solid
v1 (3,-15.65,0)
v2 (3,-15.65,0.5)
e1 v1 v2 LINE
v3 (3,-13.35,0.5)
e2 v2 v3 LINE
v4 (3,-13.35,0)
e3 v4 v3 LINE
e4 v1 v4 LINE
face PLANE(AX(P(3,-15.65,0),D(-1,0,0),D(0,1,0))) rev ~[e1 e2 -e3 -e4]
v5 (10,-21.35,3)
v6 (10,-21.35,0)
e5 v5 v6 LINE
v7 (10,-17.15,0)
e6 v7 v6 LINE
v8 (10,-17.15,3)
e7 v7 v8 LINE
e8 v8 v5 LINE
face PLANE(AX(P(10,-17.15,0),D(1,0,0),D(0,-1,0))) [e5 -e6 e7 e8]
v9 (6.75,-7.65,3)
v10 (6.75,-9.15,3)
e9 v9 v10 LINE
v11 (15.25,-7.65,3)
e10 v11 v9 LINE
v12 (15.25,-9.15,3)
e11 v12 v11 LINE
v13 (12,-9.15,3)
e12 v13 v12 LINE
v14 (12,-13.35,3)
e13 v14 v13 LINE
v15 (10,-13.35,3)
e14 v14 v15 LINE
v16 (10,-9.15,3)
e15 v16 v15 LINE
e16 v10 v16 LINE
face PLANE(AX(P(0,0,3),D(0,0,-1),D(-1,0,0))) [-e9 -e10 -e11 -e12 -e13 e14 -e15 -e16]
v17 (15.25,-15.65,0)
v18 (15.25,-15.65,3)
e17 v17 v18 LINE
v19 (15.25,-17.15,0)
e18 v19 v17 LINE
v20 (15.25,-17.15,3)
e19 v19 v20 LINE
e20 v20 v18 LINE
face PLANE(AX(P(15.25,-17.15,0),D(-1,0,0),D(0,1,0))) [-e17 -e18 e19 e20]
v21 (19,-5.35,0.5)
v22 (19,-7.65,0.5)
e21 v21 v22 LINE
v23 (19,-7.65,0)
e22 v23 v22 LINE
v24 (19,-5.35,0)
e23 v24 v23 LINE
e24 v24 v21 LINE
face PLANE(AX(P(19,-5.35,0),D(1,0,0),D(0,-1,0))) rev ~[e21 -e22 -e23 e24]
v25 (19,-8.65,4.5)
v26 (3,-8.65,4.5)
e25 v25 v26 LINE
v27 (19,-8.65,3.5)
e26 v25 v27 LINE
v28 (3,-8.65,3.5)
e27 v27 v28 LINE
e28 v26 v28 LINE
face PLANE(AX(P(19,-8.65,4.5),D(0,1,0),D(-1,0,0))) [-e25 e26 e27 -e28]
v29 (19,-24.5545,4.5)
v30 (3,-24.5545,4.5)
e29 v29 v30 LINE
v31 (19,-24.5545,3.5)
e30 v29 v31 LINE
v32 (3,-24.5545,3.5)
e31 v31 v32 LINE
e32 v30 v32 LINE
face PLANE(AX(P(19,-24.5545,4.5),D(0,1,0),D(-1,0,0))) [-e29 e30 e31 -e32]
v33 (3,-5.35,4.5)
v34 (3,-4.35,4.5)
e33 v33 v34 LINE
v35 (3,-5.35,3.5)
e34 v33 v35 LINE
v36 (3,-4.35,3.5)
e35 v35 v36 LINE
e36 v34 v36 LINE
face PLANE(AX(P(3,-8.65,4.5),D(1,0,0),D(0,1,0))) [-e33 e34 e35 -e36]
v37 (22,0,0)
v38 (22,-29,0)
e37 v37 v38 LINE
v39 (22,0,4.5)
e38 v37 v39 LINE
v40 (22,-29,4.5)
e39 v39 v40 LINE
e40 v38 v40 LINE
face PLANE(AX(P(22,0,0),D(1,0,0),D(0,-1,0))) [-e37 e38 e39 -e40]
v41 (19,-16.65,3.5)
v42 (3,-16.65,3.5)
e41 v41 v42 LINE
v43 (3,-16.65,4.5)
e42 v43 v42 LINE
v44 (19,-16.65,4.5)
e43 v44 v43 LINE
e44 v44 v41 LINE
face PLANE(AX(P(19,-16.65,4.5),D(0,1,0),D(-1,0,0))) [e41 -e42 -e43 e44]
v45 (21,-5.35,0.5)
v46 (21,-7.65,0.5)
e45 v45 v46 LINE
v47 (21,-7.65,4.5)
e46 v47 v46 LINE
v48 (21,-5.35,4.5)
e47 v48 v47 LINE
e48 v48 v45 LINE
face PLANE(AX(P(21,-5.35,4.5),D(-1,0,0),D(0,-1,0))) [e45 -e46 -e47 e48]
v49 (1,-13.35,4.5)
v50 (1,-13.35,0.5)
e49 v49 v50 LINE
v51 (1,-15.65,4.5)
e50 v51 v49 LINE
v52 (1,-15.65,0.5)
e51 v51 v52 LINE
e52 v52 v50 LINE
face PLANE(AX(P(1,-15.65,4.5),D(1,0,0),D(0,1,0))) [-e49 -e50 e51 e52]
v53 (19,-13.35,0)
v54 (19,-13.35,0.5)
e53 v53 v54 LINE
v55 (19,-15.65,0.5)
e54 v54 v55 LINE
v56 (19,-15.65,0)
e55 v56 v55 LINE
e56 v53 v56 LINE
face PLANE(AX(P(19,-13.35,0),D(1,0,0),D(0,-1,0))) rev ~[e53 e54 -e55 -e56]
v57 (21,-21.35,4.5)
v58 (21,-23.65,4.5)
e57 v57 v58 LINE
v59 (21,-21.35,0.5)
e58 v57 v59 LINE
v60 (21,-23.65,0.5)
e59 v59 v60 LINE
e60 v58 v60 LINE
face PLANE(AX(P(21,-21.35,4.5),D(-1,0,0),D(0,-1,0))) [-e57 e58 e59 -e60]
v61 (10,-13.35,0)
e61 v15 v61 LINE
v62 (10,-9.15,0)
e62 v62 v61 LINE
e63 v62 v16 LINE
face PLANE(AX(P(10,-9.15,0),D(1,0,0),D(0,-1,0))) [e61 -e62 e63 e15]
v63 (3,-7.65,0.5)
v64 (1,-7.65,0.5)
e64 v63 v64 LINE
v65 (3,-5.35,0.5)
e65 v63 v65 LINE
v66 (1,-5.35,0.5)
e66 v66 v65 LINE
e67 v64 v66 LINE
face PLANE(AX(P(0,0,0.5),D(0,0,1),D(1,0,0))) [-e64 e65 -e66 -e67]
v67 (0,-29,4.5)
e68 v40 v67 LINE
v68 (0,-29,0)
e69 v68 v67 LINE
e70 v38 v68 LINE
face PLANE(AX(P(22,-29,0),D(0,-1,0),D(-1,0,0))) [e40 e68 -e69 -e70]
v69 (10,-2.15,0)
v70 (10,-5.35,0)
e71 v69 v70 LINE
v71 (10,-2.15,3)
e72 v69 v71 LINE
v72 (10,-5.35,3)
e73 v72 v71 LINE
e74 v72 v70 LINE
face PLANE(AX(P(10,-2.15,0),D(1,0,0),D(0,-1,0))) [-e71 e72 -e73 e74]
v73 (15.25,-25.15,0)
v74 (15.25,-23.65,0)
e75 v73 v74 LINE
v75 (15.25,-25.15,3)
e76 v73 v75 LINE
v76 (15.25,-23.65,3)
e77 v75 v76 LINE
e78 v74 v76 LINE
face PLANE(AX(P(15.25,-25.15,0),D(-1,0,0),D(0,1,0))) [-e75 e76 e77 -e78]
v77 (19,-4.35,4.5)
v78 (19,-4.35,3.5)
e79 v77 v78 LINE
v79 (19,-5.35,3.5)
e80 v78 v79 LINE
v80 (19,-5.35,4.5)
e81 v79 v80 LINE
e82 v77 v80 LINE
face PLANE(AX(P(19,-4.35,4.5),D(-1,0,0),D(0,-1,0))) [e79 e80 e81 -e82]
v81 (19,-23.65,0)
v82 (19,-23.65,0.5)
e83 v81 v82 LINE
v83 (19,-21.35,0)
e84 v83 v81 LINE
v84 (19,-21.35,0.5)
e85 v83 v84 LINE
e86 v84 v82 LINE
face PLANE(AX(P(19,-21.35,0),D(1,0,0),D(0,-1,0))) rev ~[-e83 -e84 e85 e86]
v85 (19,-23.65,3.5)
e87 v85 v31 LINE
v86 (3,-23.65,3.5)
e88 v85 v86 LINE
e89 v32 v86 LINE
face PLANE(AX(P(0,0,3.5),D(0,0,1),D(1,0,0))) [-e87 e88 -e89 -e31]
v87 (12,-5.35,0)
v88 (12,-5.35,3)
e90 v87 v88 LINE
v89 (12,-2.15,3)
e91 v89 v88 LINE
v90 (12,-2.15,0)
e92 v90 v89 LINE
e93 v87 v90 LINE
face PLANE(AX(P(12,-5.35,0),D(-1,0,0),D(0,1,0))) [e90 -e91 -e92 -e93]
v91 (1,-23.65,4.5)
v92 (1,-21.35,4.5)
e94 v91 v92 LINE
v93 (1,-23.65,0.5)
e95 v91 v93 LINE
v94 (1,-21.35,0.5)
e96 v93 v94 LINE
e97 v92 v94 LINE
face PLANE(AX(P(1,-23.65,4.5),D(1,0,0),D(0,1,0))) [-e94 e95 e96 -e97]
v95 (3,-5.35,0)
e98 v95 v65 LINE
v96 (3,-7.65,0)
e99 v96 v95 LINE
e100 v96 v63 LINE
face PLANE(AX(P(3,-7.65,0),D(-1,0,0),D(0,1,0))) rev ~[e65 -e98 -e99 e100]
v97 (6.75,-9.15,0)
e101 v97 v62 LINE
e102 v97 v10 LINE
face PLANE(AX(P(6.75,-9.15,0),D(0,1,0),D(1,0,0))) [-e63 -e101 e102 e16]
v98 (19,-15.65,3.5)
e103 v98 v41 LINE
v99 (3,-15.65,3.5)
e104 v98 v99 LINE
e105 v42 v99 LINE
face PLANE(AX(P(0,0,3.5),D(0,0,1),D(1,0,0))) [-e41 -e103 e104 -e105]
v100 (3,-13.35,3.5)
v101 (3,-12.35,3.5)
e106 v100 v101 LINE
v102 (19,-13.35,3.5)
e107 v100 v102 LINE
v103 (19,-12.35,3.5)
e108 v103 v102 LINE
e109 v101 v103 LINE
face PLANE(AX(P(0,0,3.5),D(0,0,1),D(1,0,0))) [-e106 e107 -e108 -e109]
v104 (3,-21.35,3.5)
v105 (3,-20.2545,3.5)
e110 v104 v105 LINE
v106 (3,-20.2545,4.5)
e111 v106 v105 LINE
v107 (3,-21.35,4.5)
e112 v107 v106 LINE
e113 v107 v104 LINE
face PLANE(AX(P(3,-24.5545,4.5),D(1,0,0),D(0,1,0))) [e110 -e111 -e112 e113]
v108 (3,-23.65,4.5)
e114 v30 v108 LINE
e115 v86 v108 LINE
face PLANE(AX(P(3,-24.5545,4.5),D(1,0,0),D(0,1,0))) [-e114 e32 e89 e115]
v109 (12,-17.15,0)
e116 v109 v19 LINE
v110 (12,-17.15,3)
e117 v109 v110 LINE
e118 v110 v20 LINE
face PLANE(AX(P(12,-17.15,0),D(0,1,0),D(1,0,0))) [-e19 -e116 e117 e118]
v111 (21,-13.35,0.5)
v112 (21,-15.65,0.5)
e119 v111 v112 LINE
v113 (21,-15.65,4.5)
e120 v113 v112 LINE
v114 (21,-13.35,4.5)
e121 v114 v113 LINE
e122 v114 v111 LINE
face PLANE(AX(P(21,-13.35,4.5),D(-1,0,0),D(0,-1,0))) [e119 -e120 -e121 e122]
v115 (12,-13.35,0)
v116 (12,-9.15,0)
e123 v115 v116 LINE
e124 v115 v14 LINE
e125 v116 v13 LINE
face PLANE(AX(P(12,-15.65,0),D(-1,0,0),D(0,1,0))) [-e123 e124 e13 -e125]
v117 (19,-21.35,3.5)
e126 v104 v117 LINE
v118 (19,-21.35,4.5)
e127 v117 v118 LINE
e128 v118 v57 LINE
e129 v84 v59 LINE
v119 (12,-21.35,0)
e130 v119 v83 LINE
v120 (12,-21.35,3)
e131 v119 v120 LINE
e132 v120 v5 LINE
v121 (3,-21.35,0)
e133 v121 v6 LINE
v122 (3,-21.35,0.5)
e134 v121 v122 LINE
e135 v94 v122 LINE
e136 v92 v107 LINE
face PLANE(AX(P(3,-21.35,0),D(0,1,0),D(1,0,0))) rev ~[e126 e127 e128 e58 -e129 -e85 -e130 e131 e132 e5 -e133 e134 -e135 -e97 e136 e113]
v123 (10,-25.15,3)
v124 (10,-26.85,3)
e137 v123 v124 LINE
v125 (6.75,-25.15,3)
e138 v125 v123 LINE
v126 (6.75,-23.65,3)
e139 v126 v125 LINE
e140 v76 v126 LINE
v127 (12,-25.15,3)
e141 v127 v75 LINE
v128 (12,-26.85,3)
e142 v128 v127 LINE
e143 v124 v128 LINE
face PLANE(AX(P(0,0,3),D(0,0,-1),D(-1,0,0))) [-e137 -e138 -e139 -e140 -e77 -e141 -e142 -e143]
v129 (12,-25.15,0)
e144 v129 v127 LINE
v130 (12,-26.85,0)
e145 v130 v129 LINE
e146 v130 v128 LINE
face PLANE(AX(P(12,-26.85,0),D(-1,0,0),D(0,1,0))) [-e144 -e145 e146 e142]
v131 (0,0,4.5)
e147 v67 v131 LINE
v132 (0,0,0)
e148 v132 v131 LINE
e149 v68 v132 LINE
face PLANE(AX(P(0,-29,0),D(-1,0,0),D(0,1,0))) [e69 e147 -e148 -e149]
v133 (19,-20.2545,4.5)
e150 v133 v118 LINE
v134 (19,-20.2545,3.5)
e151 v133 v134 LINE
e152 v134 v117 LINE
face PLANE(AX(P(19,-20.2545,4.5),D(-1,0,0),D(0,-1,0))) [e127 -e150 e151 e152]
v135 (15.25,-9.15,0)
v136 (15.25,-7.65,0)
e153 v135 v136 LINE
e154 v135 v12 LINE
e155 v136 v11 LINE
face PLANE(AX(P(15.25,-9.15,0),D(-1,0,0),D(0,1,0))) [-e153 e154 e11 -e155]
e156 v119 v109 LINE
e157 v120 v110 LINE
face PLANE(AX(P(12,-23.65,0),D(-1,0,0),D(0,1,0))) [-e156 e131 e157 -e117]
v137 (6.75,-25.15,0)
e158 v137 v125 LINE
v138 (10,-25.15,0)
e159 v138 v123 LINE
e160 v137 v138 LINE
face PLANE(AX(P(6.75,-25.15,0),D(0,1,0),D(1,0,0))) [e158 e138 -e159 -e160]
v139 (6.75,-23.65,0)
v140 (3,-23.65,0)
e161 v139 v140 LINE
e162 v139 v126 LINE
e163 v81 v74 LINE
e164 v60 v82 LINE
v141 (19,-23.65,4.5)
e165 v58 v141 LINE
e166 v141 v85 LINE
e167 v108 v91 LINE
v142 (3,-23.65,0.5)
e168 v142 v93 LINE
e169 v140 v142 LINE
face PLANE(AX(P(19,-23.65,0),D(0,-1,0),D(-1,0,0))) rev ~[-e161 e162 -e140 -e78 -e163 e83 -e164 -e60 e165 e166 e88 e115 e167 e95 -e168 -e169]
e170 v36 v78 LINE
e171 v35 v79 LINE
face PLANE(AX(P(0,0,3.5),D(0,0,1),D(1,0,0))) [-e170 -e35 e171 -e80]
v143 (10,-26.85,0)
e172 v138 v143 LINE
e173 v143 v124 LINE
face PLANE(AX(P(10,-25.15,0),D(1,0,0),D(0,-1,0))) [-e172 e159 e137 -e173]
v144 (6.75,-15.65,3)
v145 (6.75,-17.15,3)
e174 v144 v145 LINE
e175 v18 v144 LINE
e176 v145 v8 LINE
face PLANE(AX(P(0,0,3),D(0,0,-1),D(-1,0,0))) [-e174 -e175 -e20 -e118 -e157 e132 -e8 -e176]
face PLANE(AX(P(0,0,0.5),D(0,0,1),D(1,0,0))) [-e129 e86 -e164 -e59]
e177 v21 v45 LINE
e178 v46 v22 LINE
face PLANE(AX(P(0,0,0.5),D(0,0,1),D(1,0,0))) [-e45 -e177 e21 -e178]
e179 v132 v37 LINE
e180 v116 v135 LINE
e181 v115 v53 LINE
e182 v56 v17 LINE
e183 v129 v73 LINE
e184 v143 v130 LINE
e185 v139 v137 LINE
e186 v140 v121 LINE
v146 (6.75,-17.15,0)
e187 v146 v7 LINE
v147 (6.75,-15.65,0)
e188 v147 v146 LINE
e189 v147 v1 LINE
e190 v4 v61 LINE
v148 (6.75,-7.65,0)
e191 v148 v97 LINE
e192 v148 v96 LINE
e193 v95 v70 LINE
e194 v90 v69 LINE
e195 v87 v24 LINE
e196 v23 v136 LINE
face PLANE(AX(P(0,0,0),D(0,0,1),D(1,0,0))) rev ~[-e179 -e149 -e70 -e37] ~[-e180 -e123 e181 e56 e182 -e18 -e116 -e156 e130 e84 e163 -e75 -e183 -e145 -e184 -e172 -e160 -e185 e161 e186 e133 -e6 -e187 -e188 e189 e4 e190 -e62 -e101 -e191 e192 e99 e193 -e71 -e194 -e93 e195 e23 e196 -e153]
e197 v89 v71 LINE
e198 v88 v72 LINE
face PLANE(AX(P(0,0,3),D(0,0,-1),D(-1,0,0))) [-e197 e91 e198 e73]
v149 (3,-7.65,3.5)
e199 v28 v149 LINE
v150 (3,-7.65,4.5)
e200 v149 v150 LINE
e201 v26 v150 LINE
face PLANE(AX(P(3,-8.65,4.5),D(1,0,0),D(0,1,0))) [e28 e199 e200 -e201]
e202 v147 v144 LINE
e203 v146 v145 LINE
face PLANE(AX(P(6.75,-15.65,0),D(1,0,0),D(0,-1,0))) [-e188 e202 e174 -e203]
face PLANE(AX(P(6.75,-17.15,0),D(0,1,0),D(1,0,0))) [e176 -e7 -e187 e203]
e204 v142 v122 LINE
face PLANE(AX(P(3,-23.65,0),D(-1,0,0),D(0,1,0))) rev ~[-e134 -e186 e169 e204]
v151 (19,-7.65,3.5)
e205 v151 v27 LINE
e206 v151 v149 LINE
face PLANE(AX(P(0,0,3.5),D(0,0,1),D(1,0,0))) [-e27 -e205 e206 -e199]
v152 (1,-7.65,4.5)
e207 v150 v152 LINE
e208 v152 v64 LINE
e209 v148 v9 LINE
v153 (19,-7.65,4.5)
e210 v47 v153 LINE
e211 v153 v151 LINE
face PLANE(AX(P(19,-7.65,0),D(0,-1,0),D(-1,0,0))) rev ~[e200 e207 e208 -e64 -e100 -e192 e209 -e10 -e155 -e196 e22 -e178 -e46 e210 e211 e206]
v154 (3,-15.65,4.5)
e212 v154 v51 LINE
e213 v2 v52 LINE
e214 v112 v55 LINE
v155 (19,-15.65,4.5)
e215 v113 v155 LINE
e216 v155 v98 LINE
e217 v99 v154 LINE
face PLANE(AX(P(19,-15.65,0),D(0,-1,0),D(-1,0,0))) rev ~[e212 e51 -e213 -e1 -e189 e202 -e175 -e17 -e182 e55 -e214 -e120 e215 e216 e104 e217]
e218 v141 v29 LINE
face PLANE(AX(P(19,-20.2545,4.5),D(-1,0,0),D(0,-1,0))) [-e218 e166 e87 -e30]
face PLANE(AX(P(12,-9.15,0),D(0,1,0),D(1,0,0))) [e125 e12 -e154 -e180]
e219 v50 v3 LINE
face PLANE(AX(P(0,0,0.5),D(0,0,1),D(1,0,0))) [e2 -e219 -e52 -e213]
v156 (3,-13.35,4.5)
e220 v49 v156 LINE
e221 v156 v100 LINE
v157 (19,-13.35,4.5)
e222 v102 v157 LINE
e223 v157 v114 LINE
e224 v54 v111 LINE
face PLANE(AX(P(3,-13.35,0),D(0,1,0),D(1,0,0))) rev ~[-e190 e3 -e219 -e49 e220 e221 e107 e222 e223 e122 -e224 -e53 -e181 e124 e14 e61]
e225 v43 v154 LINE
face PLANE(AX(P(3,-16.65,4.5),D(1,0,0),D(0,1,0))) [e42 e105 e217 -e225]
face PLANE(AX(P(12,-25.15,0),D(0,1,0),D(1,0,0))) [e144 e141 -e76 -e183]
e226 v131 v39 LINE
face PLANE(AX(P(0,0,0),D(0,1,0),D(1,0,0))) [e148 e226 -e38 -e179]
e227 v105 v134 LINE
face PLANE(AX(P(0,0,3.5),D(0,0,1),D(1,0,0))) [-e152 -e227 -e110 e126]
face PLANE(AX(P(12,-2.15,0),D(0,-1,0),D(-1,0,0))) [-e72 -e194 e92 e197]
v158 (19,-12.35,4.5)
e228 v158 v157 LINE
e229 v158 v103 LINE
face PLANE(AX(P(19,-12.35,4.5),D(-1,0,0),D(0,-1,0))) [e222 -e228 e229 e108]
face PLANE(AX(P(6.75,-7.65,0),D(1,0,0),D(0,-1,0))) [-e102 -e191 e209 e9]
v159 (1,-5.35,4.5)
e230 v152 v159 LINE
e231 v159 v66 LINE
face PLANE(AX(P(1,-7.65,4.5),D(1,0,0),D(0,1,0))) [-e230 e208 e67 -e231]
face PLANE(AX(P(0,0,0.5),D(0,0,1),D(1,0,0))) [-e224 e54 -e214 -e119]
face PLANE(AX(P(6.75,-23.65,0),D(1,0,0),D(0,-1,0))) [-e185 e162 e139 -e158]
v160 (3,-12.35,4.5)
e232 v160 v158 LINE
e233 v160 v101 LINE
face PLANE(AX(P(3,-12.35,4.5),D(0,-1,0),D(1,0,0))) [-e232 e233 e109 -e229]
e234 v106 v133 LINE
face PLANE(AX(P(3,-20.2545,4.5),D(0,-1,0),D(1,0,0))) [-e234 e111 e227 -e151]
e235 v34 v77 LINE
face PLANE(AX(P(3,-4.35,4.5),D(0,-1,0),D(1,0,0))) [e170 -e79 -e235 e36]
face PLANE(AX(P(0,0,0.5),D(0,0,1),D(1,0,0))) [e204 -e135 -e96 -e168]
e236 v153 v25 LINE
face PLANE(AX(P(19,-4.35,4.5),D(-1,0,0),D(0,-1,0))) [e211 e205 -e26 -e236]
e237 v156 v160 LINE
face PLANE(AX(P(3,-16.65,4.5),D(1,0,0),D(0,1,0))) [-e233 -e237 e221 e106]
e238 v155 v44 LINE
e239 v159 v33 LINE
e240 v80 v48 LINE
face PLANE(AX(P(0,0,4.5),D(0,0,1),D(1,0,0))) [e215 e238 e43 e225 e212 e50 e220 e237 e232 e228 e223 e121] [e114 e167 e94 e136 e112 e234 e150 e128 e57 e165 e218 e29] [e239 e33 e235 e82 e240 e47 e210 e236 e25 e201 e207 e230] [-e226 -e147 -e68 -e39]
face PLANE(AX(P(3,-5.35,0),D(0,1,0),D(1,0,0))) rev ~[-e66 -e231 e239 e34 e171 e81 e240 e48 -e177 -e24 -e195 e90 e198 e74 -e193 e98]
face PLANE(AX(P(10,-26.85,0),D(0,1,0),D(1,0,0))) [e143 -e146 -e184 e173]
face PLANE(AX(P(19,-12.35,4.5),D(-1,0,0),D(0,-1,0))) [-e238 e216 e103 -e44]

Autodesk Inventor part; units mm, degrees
ref_plane "YZ Plane" through (0, 0, 0) normal (1, 0, 0) x (0, 1, 0)
ref_plane "XZ Plane" through (0, 0, 0) normal (0, 1, 0) x (-1, 0, 0)
ref_plane "XY Plane" through (0, 0, 0) normal (0, 0, 1) x (1, 0, 0)
sketch "Sketch1" plane through (0, 0, 0) normal (0, 0, 1) x (1, 0, 0)
  line L0 (0, 0) -> (22, 0)
  line L1 (22, 0) -> (22, -29)
  line L2 (22, -29) -> (0, -29)
  line L3 (0, -29) -> (0, 0)
  line L4 (3, -5.35) -> (19, -5.35)
  line L5 (19, -5.35) -> (19, -7.65)
  line L6 (19, -7.65) -> (3, -7.65)
  line L7 (3, -7.65) -> (3, -5.35)
  line L8 (3, -13.35) -> (19, -13.35)
  line L9 (19, -13.35) -> (19, -15.65)
  line L10 (19, -15.65) -> (3, -15.65)
  line L11 (3, -15.65) -> (3, -13.35)
  line L12 (3, -21.35) -> (19, -21.35)
  line L13 (19, -21.35) -> (19, -23.65)
  line L14 (19, -23.65) -> (3, -23.65)
  line L15 (3, -23.65) -> (3, -21.35)
  line L16 (19, -5.35) -> (19, -13.35) construction
  line L17 (19, -13.35) -> (19, -21.35) construction
  line L18 (22, -14.5) -> (0, -14.5) construction
  line L19 (11, 0) -> (11, -29) construction
  point P0 (19, -14.5)
  point P1 (11, -5.35)
  dimension "d0" = 22
  dimension "d1" = 29
  dimension "d2" = 2.3
  dimension "d3" = 8
  dimension "d4" = 16
extrude "Body with light pipe slots" add sketch "Sketch1" along normal blind 4.5
sketch "Sketch2" plane through (0, 0, 4.5) normal (0, 0, 1) x (1, 0, 0)
  line L0 (0, -29) -> (22, -29) construction
  line L1 (22, -29) -> (22, 0) construction
  line L2 (22, 0) -> (0, 0) construction
  line L3 (0, 0) -> (0, -29) construction
  line L4 (3, -21.35) -> (19, -21.35) construction
  line L5 (19, -21.35) -> (19, -23.65) construction
  line L6 (19, -23.65) -> (3, -23.65) construction
  line L7 (3, -23.65) -> (3, -21.35) construction
  line L8 (3, -13.35) -> (19, -13.35) construction
  line L9 (19, -13.35) -> (19, -15.65) construction
  line L10 (19, -15.65) -> (3, -15.65) construction
  line L11 (3, -15.65) -> (3, -13.35) construction
  line L12 (3, -5.35) -> (19, -5.35) construction
  line L13 (19, -5.35) -> (19, -7.65) construction
  line L14 (19, -7.65) -> (3, -7.65) construction
  line L15 (3, -7.65) -> (3, -5.35) construction
  line L16 (1, -5.35) -> (21, -5.35)
  line L17 (21, -5.35) -> (21, -7.65)
  line L18 (21, -7.65) -> (1, -7.65)
  line L19 (1, -7.65) -> (1, -5.35)
  line L20 (1, -13.35) -> (21, -13.35)
  line L21 (21, -13.35) -> (21, -15.65)
  line L22 (21, -15.65) -> (1, -15.65)
  line L23 (1, -15.65) -> (1, -13.35)
  line L24 (1, -21.35) -> (21, -21.35)
  line L25 (21, -21.35) -> (21, -23.65)
  line L26 (21, -23.65) -> (1, -23.65)
  line L27 (1, -23.65) -> (1, -21.35)
  dimension "d7" = 2
  dimension "d8" = 2
extrude "Light pipe wing cuts" cut sketch "Sketch2" against normal blind 4
sketch "Sketch3" plane through (0, 0, 4.5) normal (0, 0, 1) x (1, 0, 0)
  line L0 (1, -21.35) -> (21, -21.35) construction
  line L1 (21, -21.35) -> (21, -23.65) construction
  line L2 (21, -23.65) -> (1, -23.65) construction
  line L3 (1, -23.65) -> (1, -21.35) construction
  line L4 (1, -13.35) -> (21, -13.35) construction
  line L5 (21, -13.35) -> (21, -15.65) construction
  line L6 (21, -15.65) -> (1, -15.65) construction
  line L7 (1, -15.65) -> (1, -13.35) construction
  line L8 (1, -5.35) -> (21, -5.35) construction
  line L9 (21, -5.35) -> (21, -7.65) construction
  line L10 (21, -7.65) -> (1, -7.65) construction
  line L11 (1, -7.65) -> (1, -5.35) construction
  line L12 (0, -29) -> (22, -29) construction
  line L13 (22, -29) -> (22, 0) construction
  line L14 (22, 0) -> (0, 0) construction
  line L15 (0, 0) -> (0, -29) construction
  line L16 (3, -5.35) -> (3, -7.65) construction
  line L17 (19, -7.65) -> (19, -5.35) construction
  line L18 (19, -15.65) -> (19, -13.35) construction
  line L19 (19, -23.65) -> (19, -21.35) construction
  line L20 (3, -21.35) -> (3, -23.65) construction
  line L21 (3, -13.35) -> (3, -15.65) construction
  line L22 (3, -4.35) -> (19, -4.35)
  line L23 (19, -4.35) -> (19, -8.65)
  line L24 (19, -8.65) -> (3, -8.65)
  line L25 (3, -8.65) -> (3, -4.35)
  line L26 (3, -12.35) -> (19, -12.35)
  line L27 (19, -12.35) -> (19, -16.65)
  line L28 (19, -16.65) -> (3, -16.65)
  line L29 (3, -16.65) -> (3, -12.35)
  line L30 (3, -20.2545) -> (19, -20.2545)
  line L31 (19, -20.2545) -> (19, -24.5545)
  line L32 (19, -24.5545) -> (3, -24.5545)
  line L33 (3, -24.5545) -> (3, -20.2545)
  dimension "d11" = 1
  dimension "d12" = 1
  dimension "d13" = 1.0956
  dimension "d14" = 1
extrude "SMD clearance cuts" cut sketch "Sketch3" against normal blind 1
sketch "Sketch4" plane through (0, 0, 0) normal (0, 0, -1) x (-1, 0, 0)
  line L0 (-22, 0) -> (0, 0) construction
  line L1 (-11, 0) -> (-11, -29) construction
  line L2 (0, -29) -> (-22, -29) construction
  line L3 (-12, -2.15) -> (-10, -2.15)
  line L4 (-10, -26.85) -> (-12, -26.85)
  line L5 (-3, -5.35) -> (-19, -5.35) projected
  line L6 (-19, -23.65) -> (-3, -23.65) projected
  line L7 (-6.75, -23.65) -> (-6.75, -25.15)
  line L8 (-15.25, -25.15) -> (-15.25, -23.65)
  line L9 (-19, -15.65) -> (-3, -15.65) projected
  line L10 (-6.75, -15.65) -> (-6.75, -17.15)
  line L11 (-15.25, -17.15) -> (-15.25, -15.65)
  line L12 (-3, -7.65) -> (-19, -7.65) projected
  line L13 (-6.75, -7.65) -> (-6.75, -9.15)
  line L14 (-15.25, -9.15) -> (-15.25, -7.65)
  line L15 (-12, -7.65) -> (-12, -2.15)
  line L16 (-10, -2.15) -> (-10, -7.65)
  line L17 (-6.75, -9.15) -> (-10, -9.15)
  line L18 (-12, -9.15) -> (-15.25, -9.15)
  line L19 (-12, -15.65) -> (-12, -9.15)
  line L20 (-10, -9.15) -> (-10, -15.65)
  line L21 (-15.25, -15.65) -> (-12, -15.65)
  line L22 (-10, -15.65) -> (-6.75, -15.65)
  line L23 (-6.75, -17.15) -> (-10, -17.15)
  line L24 (-12, -17.15) -> (-15.25, -17.15)
  line L25 (-15.25, -23.65) -> (-12, -23.65)
  line L26 (-10, -23.65) -> (-6.75, -23.65)
  line L27 (-6.75, -25.15) -> (-10, -25.15)
  line L28 (-12, -25.15) -> (-15.25, -25.15)
  line L29 (-12, -26.85) -> (-12, -25.15)
  line L30 (-12, -23.65) -> (-12, -17.15)
  line L31 (-10, -17.15) -> (-10, -23.65)
  line L32 (-10, -25.15) -> (-10, -26.85)
  line L33 (-15.25, -7.65) -> (-12, -7.65)
  line L34 (-10, -7.65) -> (-6.75, -7.65)
  point P0 (-11, -2.15)
  dimension "d17" = 3.2
  dimension "d18" = 2
  dimension "d19" = 3.2
  dimension "d20" = 1.5
  dimension "d21" = 8.5
  dimension "d22" = 4.25
extrude "Case interior molding cuts" cut sketch "Sketch4" against normal blind 3
equation "\"d8\" = d7"
equation "\"d12\" = d11"
equation "\"d14\" = d11"
equation "\"d22\" = 0.5 * d21"
properties part number "Lightpipe shield"
